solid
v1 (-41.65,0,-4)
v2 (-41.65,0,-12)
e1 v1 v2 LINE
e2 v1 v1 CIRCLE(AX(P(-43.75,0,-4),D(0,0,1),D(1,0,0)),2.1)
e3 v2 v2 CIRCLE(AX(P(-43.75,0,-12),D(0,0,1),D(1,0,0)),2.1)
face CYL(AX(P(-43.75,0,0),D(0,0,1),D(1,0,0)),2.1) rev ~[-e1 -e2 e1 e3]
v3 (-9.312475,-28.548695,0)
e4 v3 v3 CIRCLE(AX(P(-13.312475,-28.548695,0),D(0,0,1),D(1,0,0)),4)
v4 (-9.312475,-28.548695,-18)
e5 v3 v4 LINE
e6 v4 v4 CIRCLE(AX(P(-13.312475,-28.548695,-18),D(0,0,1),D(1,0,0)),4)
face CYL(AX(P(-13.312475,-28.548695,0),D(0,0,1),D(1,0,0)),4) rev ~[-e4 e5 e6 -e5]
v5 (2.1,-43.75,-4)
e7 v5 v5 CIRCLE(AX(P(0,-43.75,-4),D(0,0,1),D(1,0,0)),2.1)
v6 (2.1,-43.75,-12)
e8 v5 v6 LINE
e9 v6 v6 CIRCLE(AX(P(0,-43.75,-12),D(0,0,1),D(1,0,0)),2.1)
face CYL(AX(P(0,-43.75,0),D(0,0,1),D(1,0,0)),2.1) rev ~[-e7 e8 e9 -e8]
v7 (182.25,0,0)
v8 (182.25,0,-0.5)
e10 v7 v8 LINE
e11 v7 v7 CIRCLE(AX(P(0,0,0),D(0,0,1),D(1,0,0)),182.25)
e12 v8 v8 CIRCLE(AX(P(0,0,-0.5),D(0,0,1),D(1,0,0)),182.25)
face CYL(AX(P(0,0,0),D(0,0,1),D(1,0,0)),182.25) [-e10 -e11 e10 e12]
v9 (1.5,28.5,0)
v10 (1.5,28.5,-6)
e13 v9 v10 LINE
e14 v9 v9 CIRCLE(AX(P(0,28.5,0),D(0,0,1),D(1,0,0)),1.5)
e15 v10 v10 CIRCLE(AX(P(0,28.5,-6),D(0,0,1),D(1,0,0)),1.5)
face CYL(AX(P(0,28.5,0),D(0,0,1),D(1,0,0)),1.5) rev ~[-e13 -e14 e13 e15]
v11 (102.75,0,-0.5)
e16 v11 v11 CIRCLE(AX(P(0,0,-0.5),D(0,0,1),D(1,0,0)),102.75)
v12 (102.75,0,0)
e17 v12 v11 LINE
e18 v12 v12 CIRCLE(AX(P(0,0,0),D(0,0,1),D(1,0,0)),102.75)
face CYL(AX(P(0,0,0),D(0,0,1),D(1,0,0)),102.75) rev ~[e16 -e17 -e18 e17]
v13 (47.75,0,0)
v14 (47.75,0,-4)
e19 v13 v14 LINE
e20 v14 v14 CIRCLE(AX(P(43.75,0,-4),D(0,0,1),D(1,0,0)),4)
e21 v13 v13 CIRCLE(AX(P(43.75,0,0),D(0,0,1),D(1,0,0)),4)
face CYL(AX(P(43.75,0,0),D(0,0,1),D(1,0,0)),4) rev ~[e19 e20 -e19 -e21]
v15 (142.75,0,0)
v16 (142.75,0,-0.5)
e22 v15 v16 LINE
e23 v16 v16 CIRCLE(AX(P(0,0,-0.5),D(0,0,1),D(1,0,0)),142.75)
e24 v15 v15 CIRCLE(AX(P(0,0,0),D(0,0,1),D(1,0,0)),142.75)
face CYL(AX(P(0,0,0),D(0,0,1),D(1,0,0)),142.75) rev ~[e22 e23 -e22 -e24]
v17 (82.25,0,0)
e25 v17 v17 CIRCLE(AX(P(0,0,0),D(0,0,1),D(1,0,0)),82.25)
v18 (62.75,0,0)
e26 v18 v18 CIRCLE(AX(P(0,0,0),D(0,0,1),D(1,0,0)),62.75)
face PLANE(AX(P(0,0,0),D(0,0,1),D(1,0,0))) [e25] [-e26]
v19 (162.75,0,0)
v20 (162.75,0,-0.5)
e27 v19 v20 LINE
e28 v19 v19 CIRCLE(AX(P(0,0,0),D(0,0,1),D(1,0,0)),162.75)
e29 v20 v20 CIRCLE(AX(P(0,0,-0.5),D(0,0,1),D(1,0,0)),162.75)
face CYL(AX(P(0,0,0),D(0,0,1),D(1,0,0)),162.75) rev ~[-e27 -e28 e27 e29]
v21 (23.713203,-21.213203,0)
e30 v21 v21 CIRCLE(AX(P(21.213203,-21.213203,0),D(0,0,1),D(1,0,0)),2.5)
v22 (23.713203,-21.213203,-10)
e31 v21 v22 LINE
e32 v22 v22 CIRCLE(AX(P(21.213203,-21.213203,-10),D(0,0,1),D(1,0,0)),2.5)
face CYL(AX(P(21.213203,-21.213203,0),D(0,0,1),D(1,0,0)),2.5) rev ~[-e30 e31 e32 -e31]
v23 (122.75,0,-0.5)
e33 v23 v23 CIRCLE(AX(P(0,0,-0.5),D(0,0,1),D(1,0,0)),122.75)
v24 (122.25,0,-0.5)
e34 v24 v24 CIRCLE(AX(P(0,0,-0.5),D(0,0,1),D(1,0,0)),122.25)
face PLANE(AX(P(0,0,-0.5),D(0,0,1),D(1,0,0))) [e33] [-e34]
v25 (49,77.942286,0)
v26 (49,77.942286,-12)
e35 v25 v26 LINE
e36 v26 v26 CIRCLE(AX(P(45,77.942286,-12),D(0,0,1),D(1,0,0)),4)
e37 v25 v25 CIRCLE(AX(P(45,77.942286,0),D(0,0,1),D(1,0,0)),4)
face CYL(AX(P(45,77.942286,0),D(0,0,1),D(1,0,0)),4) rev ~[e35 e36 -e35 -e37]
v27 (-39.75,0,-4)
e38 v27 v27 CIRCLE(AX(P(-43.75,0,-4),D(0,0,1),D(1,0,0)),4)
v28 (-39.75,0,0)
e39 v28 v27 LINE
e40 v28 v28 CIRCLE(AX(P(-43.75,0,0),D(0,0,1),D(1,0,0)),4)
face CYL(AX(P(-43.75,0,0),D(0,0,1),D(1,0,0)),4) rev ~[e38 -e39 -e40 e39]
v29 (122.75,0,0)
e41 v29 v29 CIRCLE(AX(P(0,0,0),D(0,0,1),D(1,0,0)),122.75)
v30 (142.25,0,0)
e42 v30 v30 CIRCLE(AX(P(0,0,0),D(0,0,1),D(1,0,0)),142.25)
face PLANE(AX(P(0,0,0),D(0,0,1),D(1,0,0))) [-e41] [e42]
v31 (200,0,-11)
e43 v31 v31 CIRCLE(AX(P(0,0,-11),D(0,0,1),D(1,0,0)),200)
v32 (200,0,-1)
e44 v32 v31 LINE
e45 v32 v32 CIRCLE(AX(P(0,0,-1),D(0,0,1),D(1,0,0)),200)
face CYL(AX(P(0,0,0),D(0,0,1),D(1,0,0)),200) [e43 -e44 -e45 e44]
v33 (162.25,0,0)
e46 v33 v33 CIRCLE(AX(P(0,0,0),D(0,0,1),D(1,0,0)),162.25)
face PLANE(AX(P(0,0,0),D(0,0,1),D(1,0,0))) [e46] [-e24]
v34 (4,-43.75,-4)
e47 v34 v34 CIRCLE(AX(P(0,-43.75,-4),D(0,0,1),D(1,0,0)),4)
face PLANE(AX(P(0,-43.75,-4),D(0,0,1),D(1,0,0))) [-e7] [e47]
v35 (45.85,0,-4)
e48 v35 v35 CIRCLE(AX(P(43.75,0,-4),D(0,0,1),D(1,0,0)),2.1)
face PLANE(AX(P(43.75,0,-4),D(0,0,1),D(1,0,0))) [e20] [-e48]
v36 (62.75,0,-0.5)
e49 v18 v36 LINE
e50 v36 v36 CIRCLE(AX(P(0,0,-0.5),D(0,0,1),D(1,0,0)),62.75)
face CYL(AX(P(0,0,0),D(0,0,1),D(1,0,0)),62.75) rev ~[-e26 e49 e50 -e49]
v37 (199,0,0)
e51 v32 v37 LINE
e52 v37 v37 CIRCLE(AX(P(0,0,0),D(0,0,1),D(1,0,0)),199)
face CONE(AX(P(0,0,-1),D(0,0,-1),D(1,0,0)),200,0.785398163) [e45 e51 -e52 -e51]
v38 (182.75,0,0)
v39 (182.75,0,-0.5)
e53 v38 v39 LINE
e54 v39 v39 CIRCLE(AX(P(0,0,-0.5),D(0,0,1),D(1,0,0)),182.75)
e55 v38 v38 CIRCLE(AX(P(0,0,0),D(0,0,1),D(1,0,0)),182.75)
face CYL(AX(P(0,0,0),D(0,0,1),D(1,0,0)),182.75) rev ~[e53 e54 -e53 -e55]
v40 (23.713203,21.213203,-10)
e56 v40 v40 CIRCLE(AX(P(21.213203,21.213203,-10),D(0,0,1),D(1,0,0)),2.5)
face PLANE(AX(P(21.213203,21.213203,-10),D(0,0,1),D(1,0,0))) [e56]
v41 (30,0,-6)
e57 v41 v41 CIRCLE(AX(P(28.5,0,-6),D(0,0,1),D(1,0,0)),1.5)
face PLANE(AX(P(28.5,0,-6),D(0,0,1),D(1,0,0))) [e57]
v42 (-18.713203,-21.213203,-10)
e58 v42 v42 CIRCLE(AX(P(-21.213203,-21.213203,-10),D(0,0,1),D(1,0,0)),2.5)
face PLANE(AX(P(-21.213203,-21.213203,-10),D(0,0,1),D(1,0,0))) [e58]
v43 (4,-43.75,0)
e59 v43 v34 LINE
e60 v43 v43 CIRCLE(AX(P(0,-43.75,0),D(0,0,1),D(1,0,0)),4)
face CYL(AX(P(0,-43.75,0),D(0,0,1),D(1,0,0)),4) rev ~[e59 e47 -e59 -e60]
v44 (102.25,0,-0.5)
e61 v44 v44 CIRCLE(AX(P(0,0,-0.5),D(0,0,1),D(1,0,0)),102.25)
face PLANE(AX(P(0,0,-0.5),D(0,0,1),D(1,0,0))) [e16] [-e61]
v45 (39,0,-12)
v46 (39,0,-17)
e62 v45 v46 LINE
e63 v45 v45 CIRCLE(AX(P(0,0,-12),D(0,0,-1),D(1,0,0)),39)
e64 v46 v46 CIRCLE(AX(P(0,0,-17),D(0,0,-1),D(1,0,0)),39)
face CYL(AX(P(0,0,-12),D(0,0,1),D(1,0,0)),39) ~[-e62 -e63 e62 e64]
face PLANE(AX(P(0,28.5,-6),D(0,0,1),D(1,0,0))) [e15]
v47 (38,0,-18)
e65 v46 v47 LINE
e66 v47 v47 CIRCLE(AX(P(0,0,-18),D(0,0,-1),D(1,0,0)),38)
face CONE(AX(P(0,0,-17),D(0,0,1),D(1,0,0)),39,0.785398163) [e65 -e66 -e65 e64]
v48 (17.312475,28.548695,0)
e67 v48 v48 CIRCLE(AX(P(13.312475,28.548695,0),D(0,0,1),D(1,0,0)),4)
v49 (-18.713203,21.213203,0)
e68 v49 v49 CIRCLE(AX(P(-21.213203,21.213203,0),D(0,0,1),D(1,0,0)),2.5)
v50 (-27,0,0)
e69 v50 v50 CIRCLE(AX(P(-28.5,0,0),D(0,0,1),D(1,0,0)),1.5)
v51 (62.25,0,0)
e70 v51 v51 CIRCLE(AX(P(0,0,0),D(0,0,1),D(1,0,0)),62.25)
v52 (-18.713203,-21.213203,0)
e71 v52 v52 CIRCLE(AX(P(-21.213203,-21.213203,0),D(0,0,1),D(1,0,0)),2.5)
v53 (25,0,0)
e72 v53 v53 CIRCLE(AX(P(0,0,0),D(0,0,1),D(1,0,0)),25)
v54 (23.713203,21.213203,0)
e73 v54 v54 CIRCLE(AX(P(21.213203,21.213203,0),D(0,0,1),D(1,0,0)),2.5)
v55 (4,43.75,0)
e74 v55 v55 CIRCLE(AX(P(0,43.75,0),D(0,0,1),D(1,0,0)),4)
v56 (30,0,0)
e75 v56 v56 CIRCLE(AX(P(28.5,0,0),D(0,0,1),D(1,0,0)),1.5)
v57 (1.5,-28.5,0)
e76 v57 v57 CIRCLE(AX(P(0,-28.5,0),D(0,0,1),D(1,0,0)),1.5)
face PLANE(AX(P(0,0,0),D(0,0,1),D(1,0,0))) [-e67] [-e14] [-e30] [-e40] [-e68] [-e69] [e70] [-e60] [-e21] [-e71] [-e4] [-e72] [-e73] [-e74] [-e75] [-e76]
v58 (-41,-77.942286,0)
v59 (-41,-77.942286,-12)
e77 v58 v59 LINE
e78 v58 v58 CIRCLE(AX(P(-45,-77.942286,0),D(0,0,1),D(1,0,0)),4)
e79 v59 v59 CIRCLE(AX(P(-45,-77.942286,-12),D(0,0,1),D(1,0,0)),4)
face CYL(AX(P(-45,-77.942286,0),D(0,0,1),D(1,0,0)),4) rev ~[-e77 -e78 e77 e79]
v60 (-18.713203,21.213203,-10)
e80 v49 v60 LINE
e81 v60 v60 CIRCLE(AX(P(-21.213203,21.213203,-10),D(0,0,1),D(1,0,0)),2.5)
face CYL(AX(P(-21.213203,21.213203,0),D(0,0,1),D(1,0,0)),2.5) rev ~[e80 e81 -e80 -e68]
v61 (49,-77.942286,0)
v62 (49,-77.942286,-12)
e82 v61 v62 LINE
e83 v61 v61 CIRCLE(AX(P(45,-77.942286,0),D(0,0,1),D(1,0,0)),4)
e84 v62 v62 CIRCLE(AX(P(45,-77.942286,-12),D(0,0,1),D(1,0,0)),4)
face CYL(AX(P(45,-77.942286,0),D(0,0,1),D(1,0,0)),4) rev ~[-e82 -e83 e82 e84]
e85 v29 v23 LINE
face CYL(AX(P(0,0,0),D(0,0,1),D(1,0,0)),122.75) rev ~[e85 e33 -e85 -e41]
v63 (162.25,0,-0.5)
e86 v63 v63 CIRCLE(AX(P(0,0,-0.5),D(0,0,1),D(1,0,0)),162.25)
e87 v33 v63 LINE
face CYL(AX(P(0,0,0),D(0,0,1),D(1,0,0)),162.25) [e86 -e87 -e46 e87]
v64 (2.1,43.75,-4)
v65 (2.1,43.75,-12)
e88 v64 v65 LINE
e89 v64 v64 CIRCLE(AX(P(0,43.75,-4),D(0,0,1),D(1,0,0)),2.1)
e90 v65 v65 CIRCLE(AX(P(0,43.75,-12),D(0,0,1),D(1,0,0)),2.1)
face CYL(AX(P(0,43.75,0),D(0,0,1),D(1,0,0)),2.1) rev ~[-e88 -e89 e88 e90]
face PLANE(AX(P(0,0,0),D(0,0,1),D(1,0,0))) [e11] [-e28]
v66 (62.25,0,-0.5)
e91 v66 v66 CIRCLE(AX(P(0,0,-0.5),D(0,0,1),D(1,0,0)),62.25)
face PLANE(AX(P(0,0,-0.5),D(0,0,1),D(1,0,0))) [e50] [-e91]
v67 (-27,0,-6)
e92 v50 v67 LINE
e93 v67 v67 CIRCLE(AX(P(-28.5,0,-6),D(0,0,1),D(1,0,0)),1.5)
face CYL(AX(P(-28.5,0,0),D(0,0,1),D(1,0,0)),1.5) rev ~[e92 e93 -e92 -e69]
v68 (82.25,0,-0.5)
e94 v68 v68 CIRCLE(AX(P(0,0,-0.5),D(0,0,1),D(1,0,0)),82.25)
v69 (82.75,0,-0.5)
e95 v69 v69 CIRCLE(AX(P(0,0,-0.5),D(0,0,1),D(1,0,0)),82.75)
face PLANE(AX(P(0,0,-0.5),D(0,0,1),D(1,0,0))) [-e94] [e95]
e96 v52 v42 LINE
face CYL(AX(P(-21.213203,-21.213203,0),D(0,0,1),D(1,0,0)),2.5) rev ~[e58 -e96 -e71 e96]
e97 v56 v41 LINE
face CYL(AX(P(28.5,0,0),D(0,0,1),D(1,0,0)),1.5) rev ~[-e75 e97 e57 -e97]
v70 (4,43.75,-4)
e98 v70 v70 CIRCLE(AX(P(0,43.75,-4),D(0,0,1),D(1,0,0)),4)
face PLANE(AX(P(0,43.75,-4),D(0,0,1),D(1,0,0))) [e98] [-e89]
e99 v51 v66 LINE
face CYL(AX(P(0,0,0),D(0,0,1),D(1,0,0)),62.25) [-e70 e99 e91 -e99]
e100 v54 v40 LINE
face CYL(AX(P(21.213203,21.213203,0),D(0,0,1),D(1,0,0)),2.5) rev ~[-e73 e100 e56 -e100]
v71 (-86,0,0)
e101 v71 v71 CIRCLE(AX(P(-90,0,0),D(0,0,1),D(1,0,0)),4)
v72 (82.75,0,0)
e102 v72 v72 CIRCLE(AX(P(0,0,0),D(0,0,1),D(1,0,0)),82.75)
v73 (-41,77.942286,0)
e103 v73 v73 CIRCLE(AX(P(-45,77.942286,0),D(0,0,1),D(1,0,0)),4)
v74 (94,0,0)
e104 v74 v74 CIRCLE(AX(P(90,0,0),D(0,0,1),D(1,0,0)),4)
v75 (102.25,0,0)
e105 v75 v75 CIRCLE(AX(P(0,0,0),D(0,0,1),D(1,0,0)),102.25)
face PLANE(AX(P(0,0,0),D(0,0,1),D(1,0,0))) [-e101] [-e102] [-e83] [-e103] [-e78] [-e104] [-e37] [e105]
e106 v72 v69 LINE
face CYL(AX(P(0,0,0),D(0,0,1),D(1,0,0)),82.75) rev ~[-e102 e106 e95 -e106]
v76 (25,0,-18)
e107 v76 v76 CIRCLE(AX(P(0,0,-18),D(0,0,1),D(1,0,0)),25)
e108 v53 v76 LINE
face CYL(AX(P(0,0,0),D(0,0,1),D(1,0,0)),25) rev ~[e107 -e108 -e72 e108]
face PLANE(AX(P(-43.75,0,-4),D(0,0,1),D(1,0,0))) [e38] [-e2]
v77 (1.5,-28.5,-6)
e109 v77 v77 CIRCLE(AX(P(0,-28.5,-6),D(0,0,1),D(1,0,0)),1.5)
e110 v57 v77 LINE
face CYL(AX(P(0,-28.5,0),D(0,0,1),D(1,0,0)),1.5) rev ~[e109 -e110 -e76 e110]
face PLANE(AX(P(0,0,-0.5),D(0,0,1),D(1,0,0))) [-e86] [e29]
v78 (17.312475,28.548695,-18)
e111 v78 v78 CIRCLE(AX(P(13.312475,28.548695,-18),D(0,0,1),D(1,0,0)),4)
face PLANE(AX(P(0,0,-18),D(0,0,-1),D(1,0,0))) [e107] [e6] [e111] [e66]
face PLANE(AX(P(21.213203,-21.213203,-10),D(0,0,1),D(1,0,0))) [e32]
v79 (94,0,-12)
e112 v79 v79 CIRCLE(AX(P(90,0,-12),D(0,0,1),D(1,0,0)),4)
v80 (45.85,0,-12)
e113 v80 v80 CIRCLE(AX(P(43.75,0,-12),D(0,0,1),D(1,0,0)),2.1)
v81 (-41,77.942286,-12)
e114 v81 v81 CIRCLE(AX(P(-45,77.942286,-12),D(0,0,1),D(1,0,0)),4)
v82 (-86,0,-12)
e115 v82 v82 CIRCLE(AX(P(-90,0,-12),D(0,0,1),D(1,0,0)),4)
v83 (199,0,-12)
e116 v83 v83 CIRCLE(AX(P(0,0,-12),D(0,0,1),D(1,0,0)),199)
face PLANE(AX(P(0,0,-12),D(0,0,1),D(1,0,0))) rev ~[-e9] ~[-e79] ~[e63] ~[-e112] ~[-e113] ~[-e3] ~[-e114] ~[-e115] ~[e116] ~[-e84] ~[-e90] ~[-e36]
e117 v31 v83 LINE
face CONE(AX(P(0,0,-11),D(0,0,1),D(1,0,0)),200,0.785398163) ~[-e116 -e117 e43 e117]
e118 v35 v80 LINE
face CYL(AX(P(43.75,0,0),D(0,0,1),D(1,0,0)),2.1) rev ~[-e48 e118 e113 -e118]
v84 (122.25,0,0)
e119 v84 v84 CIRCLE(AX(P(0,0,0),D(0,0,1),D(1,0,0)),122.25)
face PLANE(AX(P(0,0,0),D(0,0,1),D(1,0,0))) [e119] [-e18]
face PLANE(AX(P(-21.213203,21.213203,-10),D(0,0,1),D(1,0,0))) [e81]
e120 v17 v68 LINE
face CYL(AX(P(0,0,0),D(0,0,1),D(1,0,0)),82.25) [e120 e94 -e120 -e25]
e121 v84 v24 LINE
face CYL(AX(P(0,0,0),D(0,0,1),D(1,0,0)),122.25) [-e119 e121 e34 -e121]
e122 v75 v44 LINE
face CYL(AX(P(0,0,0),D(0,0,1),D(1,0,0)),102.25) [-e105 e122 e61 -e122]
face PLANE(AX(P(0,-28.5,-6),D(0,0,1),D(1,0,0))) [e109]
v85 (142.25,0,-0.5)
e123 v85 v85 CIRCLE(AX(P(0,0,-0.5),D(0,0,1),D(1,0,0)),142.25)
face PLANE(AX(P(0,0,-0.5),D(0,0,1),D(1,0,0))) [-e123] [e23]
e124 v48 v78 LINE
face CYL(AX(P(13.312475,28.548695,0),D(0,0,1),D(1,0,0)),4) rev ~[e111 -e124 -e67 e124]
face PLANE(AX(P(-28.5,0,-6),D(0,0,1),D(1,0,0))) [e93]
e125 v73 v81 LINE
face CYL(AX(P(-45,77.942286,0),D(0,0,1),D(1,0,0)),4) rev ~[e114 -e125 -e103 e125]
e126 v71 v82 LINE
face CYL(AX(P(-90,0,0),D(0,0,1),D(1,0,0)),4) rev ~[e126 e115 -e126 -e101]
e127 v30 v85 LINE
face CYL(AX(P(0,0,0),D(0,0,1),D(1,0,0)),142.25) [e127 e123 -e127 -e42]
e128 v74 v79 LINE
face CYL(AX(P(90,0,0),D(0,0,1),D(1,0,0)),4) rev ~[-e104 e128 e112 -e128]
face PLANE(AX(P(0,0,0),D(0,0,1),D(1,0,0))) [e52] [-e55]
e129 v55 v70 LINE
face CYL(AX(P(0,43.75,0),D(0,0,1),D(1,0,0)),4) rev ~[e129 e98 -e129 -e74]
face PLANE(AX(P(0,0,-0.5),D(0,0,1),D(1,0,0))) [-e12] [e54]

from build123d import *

# Parameters (mm, degrees)
F0_R      = 200
F1_DEPTH  = 12
F2_SIZE   = 1
F3_R      = 39
F4_DEPTH  = 6
F5_R      = 25
F6_DEPTH  = 25
F7_SIZE   = 1
F8_R      = 182.75
F8_R_2    = 182.25
F8_R_3    = 162.75
F8_R_4    = 162.25
F8_R_5    = 142.75
F8_R_6    = 142.25
F8_R_7    = 122.75
F8_R_8    = 122.25
F8_R_9    = 102.75
F8_R_10   = 102.25
F8_R_11   = 82.75
F8_R_12   = 82.25
F8_R_13   = 62.75
F8_R_14   = 62.25
F9_DEPTH  = 0.5
F10_R     = 4
F11_DEPTH = 25
F12_R     = 2.1
F13_DEPTH = 25
F12_R_2   = 4
F14_DEPTH = 4
F12_R_3   = 2.5
F15_DEPTH = 10
F12_R_4   = 1.5
F16_DEPTH = 6
F17_DEPTH = 25


with BuildPart() as f1:
    # F0 (on Top) → F1 (new body)
    with BuildSketch(Plane.XY):
        Circle(F0_R)
    extrude(amount=-F1_DEPTH)

    # F2
    f2_edges = [f1.edges().sort_by_distance(p)[0] for p in [
        (-200, 0, -12),
        (-200, 0, 0),
    ]]
    chamfer(f2_edges, length=F2_SIZE)

    # F3 (on face) → F4 (join)
    with BuildSketch(Plane(origin=(0, 0, -12), x_dir=(1, 0, 0), z_dir=(0, 0, -1))):
        Circle(F3_R)
    extrude(amount=F4_DEPTH)

    # F5 (on face) → F6 (cut)
    with BuildSketch(Plane.XY):
        Circle(F5_R)
    extrude(amount=-F6_DEPTH, mode=Mode.SUBTRACT)

    # F7
    f7_edges = [f1.edges().sort_by_distance(p)[0] for p in [
        (-39, 0, -18),
    ]]
    chamfer(f7_edges, length=F7_SIZE)

    # F8 (on face) → F9 (cut)
    with BuildSketch(Plane.XY):
        Circle(F8_R)
        Circle(F8_R_2, mode=Mode.SUBTRACT)
        Circle(F8_R_3)
        Circle(F8_R_4, mode=Mode.SUBTRACT)
        Circle(F8_R_5)
        Circle(F8_R_6, mode=Mode.SUBTRACT)
        Circle(F8_R_7)
        Circle(F8_R_8, mode=Mode.SUBTRACT)
        Circle(F8_R_9)
        Circle(F8_R_10, mode=Mode.SUBTRACT)
        Circle(F8_R_11)
        Circle(F8_R_12, mode=Mode.SUBTRACT)
        Circle(F8_R_13)
        Circle(F8_R_14, mode=Mode.SUBTRACT)
    extrude(amount=-F9_DEPTH, mode=Mode.SUBTRACT)

    # F10 (on face) → F11 (cut)
    with BuildSketch(Plane.XY):
        with Locations((90, 0)):
            Circle(F10_R)
        with Locations((45, 77.9422863406)):
            Circle(F10_R)
        with Locations((-45, 77.9422863406)):
            Circle(F10_R)
        with Locations((-90, 0)):
            Circle(F10_R)
        with Locations((-45, -77.9422863406)):
            Circle(F10_R)
        with Locations((45, -77.9422863406)):
            Circle(F10_R)
    extrude(amount=-F11_DEPTH, mode=Mode.SUBTRACT)

    # F12 (on face) → F13 (cut)
    with BuildSketch(Plane.XY):
        with Locations((-43.75, 0)):
            Circle(F12_R)
        with Locations((0, 43.75)):
            Circle(F12_R)
        with Locations((43.75, 0)):
            Circle(F12_R)
        with Locations((0, -43.75)):
            Circle(F12_R)
    extrude(amount=-F13_DEPTH, mode=Mode.SUBTRACT)

    # F12 (on face) → F14 (cut)
    with BuildSketch(Plane.XY):
        with Locations((-43.75, 0)):
            Circle(F12_R_2)
        with Locations((-43.75, 0)):
            Circle(F12_R, mode=Mode.SUBTRACT)
        with Locations((0, -43.75)):
            Circle(F12_R_2)
        with Locations((0, -43.75)):
            Circle(F12_R, mode=Mode.SUBTRACT)
        with Locations((43.75, 0)):
            Circle(F12_R_2)
        with Locations((43.75, 0)):
            Circle(F12_R, mode=Mode.SUBTRACT)
        with Locations((0, 43.75)):
            Circle(F12_R_2)
        with Locations((0, 43.75)):
            Circle(F12_R, mode=Mode.SUBTRACT)
    extrude(amount=-F14_DEPTH, mode=Mode.SUBTRACT)

    # F12 (on face) → F15 (cut)
    with BuildSketch(Plane.XY):
        with Locations((-21.2132034356, 21.2132034356)):
            Circle(F12_R_3)
        with Locations((21.2132034356, 21.2132034356)):
            Circle(F12_R_3)
        with Locations((-21.2132034356, -21.2132034356)):
            Circle(F12_R_3)
        with Locations((21.2132034356, -21.2132034356)):
            Circle(F12_R_3)
    extrude(amount=-F15_DEPTH, mode=Mode.SUBTRACT)

    # F12 (on face) → F16 (cut)
    with BuildSketch(Plane.XY):
        with Locations((0, -28.5)):
            Circle(F12_R_4)
        with Locations((28.5, 0)):
            Circle(F12_R_4)
        with Locations((-28.5, 0)):
            Circle(F12_R_4)
        with Locations((0, 28.5)):
            Circle(F12_R_4)
    extrude(amount=-F16_DEPTH, mode=Mode.SUBTRACT)

    # F12 (on face) → F17 (cut)
    with BuildSketch(Plane.XY):
        with Locations((13.3124752448, 28.5486952917)):
            Circle(F12_R_2)
        with Locations((-13.3124752448, -28.5486952917)):
            Circle(F12_R_2)
    extrude(amount=-F17_DEPTH, mode=Mode.SUBTRACT)


solid = f1.part
